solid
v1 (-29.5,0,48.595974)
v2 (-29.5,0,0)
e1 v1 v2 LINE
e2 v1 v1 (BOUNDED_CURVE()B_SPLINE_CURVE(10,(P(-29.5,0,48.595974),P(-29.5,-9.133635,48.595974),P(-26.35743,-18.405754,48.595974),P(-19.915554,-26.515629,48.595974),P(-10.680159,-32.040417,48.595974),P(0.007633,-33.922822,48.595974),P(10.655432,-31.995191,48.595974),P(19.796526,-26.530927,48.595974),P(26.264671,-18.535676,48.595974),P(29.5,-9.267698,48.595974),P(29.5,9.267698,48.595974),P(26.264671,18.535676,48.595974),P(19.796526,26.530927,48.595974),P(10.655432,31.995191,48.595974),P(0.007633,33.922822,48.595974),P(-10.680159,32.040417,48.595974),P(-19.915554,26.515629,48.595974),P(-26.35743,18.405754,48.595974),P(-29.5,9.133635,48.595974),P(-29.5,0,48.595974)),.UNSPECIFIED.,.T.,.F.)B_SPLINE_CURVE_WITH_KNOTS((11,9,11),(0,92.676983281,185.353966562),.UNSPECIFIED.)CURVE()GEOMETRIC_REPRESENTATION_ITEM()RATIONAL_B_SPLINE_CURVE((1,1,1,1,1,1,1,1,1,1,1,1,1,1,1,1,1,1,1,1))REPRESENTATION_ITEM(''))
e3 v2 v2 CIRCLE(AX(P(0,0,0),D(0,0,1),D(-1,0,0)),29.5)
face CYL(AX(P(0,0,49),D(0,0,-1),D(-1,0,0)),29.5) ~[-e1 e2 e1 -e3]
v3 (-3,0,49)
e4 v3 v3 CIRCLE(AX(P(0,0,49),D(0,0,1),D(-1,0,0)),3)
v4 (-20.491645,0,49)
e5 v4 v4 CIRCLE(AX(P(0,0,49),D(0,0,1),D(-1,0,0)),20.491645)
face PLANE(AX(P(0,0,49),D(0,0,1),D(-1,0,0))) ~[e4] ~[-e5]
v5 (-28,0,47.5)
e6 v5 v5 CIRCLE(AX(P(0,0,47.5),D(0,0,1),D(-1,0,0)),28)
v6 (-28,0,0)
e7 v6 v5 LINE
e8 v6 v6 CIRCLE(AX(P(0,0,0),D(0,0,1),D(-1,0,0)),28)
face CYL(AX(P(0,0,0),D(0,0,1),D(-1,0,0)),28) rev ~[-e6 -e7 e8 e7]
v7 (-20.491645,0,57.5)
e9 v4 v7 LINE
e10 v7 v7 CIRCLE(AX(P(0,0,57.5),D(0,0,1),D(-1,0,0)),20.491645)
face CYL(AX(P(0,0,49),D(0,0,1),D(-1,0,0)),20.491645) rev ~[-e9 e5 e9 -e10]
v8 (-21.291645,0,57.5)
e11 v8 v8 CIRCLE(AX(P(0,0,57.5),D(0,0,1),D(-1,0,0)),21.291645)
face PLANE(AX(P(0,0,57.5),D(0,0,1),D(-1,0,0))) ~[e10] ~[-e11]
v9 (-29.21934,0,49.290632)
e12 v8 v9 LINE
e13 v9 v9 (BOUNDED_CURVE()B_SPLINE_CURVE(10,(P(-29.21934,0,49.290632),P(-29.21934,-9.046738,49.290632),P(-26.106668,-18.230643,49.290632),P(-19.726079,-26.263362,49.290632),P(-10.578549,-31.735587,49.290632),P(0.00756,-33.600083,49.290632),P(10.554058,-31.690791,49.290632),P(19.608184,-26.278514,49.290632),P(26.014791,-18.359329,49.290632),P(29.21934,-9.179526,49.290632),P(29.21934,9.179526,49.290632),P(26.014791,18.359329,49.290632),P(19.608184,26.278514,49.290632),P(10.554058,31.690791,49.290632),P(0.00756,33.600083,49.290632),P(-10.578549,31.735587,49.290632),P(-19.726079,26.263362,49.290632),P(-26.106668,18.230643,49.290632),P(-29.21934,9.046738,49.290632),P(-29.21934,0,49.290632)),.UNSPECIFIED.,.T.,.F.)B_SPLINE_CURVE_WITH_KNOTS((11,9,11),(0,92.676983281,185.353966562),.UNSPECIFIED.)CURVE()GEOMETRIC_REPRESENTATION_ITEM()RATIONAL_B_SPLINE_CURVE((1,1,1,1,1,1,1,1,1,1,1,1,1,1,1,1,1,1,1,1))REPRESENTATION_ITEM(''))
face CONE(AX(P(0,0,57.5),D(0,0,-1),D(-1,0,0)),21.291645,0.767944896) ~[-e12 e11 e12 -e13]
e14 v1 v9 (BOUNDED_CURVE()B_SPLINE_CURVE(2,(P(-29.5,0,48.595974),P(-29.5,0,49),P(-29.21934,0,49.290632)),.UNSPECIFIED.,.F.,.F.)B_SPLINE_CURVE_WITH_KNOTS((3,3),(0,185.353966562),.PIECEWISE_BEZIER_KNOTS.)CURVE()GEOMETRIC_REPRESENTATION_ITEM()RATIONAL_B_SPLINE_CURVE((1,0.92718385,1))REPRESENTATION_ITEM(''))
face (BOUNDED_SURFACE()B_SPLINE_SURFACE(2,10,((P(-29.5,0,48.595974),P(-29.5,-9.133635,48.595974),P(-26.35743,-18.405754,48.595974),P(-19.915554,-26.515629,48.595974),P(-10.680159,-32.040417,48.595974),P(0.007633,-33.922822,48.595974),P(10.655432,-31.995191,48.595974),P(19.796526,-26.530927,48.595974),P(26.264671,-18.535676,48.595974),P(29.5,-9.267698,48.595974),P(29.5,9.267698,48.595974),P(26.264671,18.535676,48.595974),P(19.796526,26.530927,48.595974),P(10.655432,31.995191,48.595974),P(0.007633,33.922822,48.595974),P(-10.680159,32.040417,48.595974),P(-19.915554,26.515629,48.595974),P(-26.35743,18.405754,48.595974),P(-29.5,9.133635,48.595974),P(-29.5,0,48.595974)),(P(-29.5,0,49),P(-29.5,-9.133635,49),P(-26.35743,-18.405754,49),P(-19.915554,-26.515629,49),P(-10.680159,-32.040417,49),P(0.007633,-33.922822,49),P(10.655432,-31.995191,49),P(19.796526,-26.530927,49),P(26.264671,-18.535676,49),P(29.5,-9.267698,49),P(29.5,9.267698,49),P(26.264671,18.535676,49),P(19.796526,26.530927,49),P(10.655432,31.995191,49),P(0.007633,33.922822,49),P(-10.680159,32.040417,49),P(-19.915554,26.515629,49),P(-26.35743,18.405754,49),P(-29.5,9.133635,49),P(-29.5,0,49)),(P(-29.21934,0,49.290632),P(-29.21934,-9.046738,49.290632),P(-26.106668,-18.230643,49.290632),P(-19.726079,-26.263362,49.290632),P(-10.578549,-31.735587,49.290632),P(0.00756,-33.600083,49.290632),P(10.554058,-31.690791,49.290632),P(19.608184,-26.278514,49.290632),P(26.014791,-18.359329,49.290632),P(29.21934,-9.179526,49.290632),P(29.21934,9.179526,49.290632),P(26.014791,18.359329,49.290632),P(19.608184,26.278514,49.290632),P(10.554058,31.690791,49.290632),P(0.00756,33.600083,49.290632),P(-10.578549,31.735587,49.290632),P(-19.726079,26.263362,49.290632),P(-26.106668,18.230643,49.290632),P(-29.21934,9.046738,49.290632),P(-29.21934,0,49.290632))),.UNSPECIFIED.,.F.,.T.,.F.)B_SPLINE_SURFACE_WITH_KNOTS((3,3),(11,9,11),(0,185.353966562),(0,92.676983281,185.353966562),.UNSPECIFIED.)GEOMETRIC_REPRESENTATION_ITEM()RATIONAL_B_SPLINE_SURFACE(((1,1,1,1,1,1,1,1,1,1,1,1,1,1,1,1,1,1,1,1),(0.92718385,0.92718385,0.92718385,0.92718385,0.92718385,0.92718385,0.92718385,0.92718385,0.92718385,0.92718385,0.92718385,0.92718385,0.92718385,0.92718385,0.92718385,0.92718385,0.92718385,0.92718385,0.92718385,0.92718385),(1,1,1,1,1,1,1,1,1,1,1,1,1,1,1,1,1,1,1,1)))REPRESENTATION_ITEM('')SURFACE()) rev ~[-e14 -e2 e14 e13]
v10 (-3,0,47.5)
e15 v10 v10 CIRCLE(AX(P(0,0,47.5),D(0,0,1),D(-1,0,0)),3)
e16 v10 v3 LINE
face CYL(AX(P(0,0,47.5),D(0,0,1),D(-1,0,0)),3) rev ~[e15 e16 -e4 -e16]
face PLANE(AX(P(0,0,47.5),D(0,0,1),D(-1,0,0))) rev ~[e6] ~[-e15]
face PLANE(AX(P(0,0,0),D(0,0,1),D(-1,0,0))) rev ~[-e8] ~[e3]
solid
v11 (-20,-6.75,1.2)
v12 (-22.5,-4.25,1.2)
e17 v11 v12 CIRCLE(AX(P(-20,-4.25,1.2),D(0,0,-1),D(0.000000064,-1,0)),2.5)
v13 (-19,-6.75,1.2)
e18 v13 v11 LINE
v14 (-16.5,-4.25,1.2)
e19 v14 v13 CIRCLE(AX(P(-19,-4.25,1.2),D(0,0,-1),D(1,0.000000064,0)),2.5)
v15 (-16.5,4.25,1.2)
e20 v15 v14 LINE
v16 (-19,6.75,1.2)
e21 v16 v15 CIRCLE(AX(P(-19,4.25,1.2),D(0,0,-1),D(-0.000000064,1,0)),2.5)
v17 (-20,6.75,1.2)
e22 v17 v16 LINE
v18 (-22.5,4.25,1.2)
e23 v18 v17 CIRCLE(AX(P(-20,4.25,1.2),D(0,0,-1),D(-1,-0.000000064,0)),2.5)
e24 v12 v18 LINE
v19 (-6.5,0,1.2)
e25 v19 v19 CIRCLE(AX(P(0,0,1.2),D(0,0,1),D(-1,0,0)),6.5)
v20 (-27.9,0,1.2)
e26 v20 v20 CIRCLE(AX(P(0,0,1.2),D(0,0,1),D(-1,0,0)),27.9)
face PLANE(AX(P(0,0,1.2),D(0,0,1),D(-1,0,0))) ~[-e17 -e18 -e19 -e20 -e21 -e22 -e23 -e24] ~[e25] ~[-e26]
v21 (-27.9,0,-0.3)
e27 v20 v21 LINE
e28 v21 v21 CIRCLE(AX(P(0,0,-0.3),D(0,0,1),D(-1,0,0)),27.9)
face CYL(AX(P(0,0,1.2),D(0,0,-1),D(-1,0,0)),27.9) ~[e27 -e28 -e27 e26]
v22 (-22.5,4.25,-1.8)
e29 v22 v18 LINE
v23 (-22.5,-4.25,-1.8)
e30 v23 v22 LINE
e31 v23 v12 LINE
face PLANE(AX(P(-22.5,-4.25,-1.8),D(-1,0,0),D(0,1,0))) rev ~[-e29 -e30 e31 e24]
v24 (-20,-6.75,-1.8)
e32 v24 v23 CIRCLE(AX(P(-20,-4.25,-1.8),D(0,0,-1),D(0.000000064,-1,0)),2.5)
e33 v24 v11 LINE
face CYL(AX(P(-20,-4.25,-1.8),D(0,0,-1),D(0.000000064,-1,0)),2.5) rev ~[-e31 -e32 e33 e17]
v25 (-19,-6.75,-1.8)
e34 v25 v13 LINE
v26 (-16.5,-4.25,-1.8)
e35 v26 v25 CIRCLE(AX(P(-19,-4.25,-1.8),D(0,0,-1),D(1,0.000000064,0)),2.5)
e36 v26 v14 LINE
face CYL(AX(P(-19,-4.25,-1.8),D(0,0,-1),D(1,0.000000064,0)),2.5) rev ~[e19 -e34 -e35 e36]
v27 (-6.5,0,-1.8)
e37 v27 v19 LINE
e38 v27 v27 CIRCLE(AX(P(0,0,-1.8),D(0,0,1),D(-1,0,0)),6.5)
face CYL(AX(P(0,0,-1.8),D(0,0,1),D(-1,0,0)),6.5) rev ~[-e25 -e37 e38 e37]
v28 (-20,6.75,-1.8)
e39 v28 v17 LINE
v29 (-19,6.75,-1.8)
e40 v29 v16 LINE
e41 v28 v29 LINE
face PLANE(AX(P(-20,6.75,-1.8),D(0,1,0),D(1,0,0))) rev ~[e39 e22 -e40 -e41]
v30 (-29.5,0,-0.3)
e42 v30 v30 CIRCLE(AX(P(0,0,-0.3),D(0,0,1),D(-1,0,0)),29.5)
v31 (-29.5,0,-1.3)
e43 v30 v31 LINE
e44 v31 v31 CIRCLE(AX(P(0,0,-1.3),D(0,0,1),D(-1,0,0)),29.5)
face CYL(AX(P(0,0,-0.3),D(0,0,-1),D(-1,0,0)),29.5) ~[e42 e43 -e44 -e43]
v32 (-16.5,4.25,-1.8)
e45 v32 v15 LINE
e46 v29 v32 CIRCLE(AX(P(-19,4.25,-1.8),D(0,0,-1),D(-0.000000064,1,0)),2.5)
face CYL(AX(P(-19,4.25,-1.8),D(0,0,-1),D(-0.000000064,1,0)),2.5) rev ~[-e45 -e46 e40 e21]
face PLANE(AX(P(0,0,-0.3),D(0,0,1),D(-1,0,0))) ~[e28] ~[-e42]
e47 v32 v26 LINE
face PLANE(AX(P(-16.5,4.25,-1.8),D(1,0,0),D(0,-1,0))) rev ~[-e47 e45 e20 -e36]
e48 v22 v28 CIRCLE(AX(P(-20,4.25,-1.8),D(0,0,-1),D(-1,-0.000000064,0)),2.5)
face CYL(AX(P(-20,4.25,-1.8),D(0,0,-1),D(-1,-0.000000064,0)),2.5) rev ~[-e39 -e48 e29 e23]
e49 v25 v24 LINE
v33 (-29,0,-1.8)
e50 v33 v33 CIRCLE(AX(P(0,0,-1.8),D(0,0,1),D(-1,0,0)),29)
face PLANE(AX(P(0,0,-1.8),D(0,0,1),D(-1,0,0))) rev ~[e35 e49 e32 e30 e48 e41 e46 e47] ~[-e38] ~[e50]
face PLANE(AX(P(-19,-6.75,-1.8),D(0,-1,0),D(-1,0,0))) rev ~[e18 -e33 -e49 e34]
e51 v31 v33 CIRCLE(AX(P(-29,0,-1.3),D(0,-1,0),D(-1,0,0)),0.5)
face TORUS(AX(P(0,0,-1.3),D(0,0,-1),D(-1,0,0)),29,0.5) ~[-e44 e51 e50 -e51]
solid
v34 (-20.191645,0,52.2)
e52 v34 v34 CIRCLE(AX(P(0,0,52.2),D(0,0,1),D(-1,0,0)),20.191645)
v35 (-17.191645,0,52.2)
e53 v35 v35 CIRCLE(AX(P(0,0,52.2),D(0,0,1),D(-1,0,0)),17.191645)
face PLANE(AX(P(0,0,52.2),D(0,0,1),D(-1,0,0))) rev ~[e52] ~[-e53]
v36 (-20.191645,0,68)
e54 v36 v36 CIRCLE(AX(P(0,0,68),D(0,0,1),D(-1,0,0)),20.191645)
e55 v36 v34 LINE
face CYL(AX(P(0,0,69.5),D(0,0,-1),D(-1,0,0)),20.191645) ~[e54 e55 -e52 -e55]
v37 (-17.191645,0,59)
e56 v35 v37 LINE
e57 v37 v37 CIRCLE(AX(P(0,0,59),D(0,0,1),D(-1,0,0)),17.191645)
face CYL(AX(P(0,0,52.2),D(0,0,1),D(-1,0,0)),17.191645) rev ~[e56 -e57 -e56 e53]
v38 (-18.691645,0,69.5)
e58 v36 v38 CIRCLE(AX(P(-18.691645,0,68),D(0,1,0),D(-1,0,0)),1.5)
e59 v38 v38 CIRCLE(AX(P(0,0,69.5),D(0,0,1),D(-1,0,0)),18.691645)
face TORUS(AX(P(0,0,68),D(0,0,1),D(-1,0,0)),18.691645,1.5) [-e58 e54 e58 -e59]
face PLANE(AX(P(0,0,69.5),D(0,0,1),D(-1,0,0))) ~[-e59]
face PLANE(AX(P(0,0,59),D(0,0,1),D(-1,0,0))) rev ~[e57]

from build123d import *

# Parameters (mm, degrees)
F5_R      = 1.5
F6_R      = 1
F10_DEPTH = 25
F11_R     = 0.5


with BuildPart() as f2:
    # F1 (on Front) → F2 (revolve)
    with BuildSketch(Plane.XZ):
        Polygon((-29.5, 49), (-29.5, 0), (-28, 0), (-28, 47.5), (-20.491645, 47.5), (-3, 47.5), (-3, 49), (-20.491645, 49), (-20.491645, 57.5), (-21.291645, 57.5), align=None)
    revolve(axis=Axis((0, 0, 33.901792), (0, 0, 1)))

    # F6
    f6_edges = [f2.edges().sort_by_distance(p)[0] for p in [
        (29.5, 0, 49),
    ]]
    fillet(f6_edges, radius=F6_R)


with BuildPart() as f4:
    # F3 (on Front) → F4 (revolve)
    with BuildSketch(Plane.XZ):
        Polygon((-20.191645, 69.5), (-20.191645, 52.2), (-17.191645, 52.2), (-17.191645, 59), (0, 59), (0, 69.5), align=None)
    revolve(axis=Axis((0, 0, 33.901792), (0, 0, 1)))

    # F5
    f5_edges = [f4.edges().sort_by_distance(p)[0] for p in [
        (20.191645, 0, 69.5),
    ]]
    fillet(f5_edges, radius=F5_R)


with BuildPart() as f8:
    # F7 (on Front) → F8 (revolve)
    with BuildSketch(Plane.XZ):
        Polygon((-29.5, -0.3), (-29.5, -1.8), (-6.5, -1.8), (-6.5, 1.2), (-27.9, 1.2), (-27.9, -0.3), align=None)
    revolve(axis=Axis((0, 0, 33.901792), (0, 0, 1)))

    # F9 (on face) → F10 (cut)
    with BuildSketch(Plane(origin=(0, 0, -1.8), x_dir=(1, 0, 0), z_dir=(0, 0, -1))):
        with BuildLine():
            ThreePointArc((-22.5, -4.25), (-21.767767, -6.017767), (-20, -6.75))
            Line((-20, -6.75), (-19, -6.75))
            ThreePointArc((-19, -6.75), (-17.232233, -6.017767), (-16.5, -4.25))
            Line((-16.5, -4.25), (-16.5, 4.25))
            ThreePointArc((-16.5, 4.25), (-17.232233, 6.017767), (-19, 6.75))
            Line((-19, 6.75), (-20, 6.75))
            ThreePointArc((-20, 6.75), (-21.767767, 6.017767), (-22.5, 4.25))
            Line((-22.5, 4.25), (-22.5, -4.25))
        make_face()
    extrude(amount=-F10_DEPTH, mode=Mode.SUBTRACT)

    # F11
    f11_edges = [f8.edges().sort_by_distance(p)[0] for p in [
        (29.5, 0, -1.8),
    ]]
    fillet(f11_edges, radius=F11_R)


solid = Compound([f2.part, f4.part, f8.part])
